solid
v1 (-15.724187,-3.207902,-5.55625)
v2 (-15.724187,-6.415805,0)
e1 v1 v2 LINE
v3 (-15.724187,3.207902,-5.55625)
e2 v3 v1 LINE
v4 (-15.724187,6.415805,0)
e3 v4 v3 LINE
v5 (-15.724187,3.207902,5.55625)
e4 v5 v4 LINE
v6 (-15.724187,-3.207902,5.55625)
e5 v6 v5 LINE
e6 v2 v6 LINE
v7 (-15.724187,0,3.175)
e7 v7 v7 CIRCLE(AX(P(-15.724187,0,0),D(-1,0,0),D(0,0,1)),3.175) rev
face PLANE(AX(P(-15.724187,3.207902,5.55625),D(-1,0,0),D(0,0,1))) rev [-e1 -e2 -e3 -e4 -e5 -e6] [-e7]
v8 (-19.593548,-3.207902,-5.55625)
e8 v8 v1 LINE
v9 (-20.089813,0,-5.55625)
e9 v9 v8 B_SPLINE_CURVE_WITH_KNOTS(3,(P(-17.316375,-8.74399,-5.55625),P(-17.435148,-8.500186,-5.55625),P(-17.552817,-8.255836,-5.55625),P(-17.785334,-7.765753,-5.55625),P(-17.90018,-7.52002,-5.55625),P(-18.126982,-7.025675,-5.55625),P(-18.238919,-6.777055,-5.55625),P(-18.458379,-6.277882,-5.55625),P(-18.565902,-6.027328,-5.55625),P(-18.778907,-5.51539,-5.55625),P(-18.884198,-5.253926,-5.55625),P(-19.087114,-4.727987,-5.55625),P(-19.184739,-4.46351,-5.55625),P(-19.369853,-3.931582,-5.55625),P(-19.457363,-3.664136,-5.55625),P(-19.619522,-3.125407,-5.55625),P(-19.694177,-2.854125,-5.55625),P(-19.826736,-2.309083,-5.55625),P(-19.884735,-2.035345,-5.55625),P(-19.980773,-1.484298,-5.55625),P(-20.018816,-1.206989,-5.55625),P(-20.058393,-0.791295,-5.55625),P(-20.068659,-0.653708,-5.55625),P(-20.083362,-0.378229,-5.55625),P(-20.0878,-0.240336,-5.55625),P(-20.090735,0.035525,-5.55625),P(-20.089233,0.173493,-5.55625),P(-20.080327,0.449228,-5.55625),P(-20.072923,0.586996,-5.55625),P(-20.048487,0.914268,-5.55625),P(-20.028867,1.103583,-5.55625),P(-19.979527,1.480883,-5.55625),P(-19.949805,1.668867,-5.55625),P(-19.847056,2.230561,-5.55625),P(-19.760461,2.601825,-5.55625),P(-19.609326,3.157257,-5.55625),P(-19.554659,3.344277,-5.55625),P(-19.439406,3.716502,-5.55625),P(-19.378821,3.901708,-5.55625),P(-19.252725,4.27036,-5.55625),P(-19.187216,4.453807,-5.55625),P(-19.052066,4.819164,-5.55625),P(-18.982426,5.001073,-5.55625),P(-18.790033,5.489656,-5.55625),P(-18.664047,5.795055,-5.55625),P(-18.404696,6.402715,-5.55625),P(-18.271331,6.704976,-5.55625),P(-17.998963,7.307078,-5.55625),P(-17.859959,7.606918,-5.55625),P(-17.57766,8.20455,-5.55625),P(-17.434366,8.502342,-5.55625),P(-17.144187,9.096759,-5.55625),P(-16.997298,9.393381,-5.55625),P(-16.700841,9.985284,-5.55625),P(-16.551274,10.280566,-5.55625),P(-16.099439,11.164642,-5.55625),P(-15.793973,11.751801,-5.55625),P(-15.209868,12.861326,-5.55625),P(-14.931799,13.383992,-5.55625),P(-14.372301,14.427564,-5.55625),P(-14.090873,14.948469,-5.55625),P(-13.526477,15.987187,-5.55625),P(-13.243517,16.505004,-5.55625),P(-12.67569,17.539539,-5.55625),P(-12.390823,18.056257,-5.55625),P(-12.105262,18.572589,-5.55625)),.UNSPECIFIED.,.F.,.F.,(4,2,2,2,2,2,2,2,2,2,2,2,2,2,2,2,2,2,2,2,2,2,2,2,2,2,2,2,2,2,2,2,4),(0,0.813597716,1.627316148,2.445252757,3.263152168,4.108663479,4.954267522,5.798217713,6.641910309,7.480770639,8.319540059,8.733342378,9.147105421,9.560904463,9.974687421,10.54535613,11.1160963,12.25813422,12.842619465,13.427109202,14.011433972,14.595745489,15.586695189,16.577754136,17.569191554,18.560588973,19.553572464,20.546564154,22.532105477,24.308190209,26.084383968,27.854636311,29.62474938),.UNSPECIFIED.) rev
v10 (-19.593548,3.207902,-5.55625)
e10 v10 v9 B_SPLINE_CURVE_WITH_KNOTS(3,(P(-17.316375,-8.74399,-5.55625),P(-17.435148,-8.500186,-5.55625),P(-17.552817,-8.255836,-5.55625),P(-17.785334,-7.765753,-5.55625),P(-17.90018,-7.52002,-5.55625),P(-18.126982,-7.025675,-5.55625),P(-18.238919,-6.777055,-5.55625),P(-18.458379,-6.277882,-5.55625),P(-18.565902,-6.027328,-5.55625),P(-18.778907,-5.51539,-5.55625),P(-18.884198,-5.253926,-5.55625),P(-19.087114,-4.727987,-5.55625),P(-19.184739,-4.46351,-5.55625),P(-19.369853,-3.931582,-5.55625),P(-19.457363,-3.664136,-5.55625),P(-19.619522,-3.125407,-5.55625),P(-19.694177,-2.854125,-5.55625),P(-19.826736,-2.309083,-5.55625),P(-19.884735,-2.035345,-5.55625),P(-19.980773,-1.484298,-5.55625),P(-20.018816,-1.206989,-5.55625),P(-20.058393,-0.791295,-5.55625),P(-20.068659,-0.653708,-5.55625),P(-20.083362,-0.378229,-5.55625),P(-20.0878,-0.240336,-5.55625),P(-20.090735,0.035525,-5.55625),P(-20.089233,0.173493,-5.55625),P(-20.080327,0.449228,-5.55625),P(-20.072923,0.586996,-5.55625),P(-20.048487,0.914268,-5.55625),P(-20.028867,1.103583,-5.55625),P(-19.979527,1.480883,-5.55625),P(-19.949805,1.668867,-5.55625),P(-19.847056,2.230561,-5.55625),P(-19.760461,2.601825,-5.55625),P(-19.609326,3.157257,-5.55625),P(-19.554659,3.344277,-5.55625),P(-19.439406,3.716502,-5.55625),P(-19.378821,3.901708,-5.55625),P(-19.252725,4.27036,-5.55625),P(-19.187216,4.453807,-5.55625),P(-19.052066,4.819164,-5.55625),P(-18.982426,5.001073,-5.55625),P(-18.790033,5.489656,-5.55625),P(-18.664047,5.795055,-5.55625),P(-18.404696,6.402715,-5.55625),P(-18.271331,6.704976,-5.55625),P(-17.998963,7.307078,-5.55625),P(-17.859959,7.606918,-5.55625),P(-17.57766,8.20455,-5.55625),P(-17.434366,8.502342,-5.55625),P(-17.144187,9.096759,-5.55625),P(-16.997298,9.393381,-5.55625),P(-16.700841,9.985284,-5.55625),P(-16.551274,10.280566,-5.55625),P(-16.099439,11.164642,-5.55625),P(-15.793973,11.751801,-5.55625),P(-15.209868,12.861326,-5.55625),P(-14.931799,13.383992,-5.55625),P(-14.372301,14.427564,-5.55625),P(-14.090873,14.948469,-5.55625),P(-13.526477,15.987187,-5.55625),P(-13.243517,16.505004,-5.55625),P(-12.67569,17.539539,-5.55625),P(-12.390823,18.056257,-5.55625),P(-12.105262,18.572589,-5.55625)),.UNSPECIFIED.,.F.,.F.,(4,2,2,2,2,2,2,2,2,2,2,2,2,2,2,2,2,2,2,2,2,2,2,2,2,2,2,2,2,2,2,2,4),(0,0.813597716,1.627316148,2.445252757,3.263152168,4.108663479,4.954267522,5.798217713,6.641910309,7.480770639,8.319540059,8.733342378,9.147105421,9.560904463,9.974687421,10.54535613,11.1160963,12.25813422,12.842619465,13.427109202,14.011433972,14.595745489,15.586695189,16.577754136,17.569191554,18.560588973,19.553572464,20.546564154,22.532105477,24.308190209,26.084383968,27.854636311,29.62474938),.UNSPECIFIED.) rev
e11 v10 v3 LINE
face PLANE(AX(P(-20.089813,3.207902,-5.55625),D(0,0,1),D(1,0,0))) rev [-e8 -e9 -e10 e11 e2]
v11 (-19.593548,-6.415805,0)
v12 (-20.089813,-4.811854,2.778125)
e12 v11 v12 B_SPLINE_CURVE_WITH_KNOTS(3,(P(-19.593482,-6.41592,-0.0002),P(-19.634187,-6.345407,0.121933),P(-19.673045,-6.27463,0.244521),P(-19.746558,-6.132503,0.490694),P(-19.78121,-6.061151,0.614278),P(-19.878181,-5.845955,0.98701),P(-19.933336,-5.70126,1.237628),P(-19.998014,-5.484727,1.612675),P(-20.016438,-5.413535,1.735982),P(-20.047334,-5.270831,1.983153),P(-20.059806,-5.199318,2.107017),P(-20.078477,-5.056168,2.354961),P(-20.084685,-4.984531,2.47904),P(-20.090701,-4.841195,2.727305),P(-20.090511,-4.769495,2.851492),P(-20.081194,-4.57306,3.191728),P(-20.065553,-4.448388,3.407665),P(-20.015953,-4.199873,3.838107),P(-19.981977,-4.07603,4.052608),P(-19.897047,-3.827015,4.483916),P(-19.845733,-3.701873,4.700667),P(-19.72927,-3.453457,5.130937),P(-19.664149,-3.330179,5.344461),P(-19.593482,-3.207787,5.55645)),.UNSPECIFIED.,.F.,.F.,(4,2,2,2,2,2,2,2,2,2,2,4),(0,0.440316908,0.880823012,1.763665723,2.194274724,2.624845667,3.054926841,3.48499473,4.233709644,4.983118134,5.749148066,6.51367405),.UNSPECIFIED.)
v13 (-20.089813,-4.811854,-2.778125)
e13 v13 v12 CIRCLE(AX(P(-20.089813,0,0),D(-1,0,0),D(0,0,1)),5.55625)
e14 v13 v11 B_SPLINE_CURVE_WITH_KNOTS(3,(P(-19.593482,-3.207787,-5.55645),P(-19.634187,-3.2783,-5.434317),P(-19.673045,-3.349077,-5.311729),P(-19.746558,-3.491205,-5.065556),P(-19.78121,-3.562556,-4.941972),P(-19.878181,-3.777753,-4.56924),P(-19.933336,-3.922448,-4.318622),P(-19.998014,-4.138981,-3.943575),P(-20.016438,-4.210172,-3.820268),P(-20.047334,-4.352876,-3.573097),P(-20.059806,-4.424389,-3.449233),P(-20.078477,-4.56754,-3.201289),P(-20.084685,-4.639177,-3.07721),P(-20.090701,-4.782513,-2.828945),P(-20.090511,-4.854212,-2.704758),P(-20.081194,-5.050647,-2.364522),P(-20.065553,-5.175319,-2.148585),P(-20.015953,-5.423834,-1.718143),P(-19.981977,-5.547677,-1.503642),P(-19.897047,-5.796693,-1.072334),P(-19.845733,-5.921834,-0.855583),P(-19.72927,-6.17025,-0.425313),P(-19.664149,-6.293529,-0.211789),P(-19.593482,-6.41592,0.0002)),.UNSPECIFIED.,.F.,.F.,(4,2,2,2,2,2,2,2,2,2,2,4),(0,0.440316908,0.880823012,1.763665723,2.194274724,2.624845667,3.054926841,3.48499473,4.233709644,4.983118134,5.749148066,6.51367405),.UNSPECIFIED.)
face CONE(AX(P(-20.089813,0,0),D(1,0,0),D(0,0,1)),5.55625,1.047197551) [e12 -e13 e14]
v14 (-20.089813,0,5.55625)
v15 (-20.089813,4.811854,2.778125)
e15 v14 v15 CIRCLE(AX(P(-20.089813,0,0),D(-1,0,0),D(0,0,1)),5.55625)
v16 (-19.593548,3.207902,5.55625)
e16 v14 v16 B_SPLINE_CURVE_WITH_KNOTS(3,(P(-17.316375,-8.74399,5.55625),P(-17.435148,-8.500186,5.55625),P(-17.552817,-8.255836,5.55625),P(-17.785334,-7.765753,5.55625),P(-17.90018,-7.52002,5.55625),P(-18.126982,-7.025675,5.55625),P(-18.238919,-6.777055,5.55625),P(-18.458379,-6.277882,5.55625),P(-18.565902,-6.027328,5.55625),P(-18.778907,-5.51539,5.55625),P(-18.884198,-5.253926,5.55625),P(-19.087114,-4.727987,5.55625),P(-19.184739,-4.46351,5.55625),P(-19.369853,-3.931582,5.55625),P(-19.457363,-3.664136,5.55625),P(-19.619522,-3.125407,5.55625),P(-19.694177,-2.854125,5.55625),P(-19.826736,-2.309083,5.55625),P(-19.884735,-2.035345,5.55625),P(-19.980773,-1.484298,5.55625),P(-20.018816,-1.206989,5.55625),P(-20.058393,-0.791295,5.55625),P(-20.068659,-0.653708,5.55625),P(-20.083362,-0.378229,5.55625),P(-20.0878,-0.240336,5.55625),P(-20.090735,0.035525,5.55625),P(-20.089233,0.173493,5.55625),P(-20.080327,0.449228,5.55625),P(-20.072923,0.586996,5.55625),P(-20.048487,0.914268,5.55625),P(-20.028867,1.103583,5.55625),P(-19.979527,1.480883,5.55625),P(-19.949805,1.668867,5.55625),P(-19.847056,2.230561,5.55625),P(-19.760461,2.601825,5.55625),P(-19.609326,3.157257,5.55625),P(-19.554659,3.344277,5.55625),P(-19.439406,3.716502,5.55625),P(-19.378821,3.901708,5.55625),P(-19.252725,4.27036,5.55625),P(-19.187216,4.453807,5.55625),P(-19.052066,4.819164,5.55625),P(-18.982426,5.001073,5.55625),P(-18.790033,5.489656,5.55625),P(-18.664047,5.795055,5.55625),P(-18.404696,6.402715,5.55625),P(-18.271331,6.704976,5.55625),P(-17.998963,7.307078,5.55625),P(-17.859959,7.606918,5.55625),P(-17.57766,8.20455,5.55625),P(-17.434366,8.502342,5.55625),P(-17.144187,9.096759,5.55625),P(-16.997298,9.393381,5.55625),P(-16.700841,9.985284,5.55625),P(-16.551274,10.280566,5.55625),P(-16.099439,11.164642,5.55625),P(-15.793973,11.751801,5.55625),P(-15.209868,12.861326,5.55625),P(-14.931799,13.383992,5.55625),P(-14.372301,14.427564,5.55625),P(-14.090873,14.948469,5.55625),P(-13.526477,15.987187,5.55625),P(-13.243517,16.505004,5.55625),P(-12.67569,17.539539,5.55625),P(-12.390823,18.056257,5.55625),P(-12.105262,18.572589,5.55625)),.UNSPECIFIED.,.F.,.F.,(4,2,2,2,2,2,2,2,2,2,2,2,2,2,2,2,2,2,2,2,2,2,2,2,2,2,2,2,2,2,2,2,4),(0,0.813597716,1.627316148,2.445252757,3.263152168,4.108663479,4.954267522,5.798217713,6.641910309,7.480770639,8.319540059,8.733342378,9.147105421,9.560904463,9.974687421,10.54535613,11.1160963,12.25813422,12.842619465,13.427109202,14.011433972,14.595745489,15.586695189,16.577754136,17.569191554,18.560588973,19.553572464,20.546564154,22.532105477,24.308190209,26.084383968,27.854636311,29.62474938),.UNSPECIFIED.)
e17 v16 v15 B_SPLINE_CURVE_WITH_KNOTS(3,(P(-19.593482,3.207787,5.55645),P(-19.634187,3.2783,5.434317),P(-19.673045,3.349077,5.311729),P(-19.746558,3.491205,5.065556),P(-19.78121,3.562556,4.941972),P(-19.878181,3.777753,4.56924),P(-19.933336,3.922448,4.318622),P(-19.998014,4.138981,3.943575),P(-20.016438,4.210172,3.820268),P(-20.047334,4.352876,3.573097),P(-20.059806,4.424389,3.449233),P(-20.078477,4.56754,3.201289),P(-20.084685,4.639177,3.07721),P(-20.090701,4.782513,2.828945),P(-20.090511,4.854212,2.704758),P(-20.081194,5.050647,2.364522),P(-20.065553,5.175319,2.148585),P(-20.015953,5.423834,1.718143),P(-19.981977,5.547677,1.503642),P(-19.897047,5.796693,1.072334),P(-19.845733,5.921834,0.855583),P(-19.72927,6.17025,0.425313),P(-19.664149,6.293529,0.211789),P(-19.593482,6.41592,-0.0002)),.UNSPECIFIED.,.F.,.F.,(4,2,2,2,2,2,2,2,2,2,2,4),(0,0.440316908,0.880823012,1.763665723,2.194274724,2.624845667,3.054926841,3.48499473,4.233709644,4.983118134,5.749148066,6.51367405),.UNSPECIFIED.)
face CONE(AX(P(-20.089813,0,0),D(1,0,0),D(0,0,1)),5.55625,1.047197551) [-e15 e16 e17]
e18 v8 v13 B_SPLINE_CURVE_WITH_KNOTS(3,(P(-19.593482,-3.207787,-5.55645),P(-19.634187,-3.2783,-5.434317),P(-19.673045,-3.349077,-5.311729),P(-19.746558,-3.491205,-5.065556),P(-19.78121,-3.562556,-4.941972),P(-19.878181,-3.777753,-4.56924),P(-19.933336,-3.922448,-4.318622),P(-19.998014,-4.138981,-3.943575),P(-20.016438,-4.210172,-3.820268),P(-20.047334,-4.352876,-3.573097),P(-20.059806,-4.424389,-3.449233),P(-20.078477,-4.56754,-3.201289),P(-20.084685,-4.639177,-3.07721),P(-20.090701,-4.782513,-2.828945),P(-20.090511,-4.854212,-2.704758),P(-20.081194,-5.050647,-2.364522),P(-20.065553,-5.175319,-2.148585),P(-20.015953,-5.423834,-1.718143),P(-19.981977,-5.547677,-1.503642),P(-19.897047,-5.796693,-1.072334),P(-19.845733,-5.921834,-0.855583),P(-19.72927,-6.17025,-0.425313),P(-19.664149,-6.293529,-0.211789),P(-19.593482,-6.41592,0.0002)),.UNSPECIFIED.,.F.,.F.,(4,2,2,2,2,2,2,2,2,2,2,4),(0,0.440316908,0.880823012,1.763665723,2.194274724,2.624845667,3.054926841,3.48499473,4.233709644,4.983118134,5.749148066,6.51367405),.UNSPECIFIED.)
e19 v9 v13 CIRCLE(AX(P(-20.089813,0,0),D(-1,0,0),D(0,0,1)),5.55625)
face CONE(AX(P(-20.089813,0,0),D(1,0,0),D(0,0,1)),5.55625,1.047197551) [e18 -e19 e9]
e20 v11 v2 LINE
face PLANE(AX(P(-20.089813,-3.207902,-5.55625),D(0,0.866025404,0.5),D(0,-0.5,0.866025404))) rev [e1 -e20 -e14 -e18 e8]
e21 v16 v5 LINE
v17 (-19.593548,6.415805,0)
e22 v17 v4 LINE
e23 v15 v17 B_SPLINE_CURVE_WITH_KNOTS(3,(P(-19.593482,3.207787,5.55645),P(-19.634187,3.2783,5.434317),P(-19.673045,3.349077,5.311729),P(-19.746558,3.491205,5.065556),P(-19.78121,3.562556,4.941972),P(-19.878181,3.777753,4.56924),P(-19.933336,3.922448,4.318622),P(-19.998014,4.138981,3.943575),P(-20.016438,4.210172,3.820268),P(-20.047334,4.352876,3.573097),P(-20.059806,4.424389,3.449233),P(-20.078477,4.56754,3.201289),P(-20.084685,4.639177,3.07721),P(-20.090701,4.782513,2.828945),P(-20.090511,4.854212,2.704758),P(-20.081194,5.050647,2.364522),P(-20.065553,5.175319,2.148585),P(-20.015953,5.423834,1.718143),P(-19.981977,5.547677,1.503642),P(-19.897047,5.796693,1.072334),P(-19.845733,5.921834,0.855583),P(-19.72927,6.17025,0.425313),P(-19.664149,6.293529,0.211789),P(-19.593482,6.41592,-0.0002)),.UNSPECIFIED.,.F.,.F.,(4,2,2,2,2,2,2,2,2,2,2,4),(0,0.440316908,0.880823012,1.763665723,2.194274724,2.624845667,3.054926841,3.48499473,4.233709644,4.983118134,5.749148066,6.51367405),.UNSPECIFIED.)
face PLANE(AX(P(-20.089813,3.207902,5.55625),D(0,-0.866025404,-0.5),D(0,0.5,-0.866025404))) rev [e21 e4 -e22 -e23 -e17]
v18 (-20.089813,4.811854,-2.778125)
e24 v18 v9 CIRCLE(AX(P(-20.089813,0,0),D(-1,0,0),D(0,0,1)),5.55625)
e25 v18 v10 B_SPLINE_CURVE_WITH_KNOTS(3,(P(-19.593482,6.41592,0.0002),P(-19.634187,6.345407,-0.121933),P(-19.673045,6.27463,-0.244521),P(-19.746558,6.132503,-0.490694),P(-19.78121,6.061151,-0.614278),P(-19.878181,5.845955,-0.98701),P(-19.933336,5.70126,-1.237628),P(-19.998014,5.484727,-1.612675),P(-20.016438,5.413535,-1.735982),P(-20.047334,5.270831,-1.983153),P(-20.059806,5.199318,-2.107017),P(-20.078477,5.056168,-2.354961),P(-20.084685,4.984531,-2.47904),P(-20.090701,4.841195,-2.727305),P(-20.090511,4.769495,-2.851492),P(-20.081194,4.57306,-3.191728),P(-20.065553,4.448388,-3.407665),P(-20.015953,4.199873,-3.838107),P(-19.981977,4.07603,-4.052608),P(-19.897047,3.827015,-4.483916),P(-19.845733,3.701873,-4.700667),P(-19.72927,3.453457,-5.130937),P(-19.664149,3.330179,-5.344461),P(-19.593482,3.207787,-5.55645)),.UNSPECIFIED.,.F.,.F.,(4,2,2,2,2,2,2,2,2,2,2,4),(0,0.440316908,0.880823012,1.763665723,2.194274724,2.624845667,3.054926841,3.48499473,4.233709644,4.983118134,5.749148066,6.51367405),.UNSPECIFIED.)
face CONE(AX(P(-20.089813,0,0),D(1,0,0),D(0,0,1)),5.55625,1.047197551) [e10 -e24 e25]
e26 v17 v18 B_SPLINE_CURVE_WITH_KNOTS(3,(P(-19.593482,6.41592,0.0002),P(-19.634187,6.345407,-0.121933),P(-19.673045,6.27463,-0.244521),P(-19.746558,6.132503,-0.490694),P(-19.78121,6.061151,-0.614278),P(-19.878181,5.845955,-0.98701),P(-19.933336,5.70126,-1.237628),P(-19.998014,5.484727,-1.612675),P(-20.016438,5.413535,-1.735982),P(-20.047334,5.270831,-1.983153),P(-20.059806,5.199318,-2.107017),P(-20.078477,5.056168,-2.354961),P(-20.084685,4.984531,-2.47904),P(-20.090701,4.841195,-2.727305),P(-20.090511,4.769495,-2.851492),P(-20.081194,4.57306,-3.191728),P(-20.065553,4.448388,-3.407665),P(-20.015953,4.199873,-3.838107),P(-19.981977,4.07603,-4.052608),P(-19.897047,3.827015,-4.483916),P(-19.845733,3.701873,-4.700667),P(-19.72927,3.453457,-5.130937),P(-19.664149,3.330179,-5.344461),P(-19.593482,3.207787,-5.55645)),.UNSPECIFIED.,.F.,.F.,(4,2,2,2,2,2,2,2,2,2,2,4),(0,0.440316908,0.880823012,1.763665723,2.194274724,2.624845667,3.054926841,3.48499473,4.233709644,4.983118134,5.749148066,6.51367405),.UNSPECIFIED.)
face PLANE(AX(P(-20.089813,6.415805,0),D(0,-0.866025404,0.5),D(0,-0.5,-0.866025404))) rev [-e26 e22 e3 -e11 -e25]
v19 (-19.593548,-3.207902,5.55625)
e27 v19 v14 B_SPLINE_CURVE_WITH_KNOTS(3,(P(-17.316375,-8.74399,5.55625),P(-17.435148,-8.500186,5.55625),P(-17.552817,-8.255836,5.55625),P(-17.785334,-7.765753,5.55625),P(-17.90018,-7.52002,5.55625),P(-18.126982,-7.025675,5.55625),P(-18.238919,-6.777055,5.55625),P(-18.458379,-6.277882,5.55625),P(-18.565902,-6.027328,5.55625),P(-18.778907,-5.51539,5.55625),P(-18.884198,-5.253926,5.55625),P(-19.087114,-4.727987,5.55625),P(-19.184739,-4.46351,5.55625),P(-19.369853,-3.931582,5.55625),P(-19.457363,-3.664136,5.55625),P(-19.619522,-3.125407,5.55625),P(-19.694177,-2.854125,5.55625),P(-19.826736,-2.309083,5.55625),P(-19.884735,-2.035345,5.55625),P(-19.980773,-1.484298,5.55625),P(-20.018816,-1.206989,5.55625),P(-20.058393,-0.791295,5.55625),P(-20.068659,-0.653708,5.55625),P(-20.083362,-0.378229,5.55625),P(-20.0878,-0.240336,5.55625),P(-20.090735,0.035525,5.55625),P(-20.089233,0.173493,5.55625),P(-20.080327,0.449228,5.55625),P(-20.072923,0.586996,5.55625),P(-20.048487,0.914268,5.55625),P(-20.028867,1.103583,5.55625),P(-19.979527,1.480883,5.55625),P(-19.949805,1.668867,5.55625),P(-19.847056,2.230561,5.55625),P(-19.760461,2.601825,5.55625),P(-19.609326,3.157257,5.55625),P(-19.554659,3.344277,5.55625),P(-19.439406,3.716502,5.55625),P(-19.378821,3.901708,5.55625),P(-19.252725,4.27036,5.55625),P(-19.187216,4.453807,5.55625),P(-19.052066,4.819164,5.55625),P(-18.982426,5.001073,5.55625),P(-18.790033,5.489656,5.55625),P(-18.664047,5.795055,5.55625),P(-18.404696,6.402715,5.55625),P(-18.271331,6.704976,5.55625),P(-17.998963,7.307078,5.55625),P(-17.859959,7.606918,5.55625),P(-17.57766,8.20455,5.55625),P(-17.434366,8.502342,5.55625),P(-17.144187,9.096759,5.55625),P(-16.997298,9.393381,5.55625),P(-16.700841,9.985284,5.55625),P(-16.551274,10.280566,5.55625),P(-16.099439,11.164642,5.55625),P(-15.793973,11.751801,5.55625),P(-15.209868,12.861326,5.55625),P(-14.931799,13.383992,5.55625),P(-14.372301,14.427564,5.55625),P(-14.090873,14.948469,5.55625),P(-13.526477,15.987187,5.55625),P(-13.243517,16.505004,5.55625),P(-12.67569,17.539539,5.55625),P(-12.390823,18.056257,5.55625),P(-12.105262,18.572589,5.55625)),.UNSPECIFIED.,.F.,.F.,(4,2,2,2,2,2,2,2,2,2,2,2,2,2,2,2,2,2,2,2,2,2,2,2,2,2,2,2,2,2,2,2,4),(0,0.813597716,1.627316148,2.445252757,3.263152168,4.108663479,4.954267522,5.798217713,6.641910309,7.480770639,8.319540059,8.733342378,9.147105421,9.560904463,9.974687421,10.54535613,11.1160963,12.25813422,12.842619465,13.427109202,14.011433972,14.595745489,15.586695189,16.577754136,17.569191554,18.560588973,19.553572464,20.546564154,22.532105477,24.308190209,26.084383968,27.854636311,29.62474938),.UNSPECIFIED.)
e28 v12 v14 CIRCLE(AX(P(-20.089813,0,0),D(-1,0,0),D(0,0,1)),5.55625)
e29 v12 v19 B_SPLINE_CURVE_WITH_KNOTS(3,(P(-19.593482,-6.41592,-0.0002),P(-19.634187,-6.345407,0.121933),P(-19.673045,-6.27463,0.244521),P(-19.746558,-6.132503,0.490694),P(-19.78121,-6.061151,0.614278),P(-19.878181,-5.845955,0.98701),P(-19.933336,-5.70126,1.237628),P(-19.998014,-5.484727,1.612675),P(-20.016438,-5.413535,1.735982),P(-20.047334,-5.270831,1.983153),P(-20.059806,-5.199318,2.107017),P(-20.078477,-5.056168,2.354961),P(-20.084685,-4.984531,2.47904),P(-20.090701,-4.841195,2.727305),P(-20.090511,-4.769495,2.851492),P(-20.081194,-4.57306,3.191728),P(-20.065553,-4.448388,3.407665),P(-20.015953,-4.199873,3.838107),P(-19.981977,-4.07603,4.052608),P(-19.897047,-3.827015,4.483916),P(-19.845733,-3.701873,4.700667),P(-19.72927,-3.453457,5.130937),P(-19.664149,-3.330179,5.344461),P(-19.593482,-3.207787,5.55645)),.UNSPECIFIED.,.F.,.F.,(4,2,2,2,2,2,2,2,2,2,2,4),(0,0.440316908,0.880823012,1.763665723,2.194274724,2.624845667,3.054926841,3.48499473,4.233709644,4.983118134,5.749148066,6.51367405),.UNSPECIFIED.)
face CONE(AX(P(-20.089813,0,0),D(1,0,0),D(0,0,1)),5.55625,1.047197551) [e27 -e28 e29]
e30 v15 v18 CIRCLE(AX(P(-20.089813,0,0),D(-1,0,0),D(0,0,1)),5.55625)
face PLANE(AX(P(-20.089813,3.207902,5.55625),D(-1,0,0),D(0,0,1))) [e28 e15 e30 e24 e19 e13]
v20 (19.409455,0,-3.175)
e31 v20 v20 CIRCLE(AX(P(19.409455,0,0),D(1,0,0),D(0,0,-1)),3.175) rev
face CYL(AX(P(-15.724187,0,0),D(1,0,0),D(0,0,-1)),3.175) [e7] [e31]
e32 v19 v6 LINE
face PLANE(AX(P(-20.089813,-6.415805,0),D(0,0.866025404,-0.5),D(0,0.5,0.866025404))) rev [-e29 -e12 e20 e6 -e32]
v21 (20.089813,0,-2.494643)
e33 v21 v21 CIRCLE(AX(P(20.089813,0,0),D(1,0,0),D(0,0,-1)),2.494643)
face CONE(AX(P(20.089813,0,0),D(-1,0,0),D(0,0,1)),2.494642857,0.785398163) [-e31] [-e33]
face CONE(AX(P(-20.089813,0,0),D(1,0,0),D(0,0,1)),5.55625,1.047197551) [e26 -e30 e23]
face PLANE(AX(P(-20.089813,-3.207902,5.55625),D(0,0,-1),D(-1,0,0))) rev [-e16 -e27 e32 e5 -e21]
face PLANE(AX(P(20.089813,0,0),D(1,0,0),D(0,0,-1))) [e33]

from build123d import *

# Parameters (mm, degrees)
SKETCH5_R           = 3.175
BOSS_EXTRUDE3_DEPTH = 35.814
CHAMFER1_SIZE       = 0.680357143
BOSS_EXTRUDE4_DEPTH = 4.365625
SKETCH8_OUTSIDE_W   = 167.558
SKETCH8_OUTSIDE_H   = 169.278
SKETCH8_OUTSIDE_R   = 5.55625
CUT_EXTRUDE3_DEPTH  = 42.066248079
CUT_EXTRUDE3_DRAFT  = -60


with BuildPart() as part:
    # Sketch5 → Boss-Extrude3 (new body)
    with BuildSketch(Plane(origin=(20.0898125, 0, 0), x_dir=(0, 0, -1), z_dir=(1, 0, 0))):
        Circle(SKETCH5_R)
    extrude(amount=-BOSS_EXTRUDE3_DEPTH)

    # Chamfer1
    chamfer1_edges = [part.edges().sort_by_distance(p)[0] for p in [
        (20.0898125, 0, 3.175),
    ]]
    chamfer(chamfer1_edges, length=CHAMFER1_SIZE)

    # Sketch6 → Boss-Extrude4 (add)
    with BuildSketch(Plane.ZY.offset(15.7241875)):
        Polygon((5.55625, 3.207902433), (0, 6.415804866), (-5.55625, 3.207902433), (-5.55625, -3.207902433), (0, -6.415804866), (5.55625, -3.207902433), align=None)
    extrude(amount=BOSS_EXTRUDE4_DEPTH)


with BuildPart() as cut_extrude3_tool:
    # Sketch8 outside → Cut-Extrude3 (with draft: the straight prism first)
    with BuildSketch(Plane.ZY.offset(20.0898125)):
        Rectangle(SKETCH8_OUTSIDE_W, SKETCH8_OUTSIDE_H)
        Circle(SKETCH8_OUTSIDE_R, mode=Mode.SUBTRACT)
    extrude(amount=-CUT_EXTRUDE3_DEPTH)
    # Cut-Extrude3: the draft: its side faces are tilted about the plane it starts from
    cut_extrude3_sides = [cut_extrude3_tool.faces().sort_by_distance(p)[0] for p in [
        (0.94331154, -84.639, 0),
        (0.94331154, 0, 83.779),
        (0.94331154, 84.639, 0),
        (0.94331154, 0, -83.779),
        (0.94331154, 0, -5.55625),
    ]]
    draft(cut_extrude3_sides, Plane.ZY.offset(20.0898125), CUT_EXTRUDE3_DRAFT)


with BuildPart() as part_1:
    add(part.part)

    # Cut-Extrude3: cut by cut_extrude3_tool
    add(cut_extrude3_tool.part, mode=Mode.SUBTRACT)


solid = part_1.part
